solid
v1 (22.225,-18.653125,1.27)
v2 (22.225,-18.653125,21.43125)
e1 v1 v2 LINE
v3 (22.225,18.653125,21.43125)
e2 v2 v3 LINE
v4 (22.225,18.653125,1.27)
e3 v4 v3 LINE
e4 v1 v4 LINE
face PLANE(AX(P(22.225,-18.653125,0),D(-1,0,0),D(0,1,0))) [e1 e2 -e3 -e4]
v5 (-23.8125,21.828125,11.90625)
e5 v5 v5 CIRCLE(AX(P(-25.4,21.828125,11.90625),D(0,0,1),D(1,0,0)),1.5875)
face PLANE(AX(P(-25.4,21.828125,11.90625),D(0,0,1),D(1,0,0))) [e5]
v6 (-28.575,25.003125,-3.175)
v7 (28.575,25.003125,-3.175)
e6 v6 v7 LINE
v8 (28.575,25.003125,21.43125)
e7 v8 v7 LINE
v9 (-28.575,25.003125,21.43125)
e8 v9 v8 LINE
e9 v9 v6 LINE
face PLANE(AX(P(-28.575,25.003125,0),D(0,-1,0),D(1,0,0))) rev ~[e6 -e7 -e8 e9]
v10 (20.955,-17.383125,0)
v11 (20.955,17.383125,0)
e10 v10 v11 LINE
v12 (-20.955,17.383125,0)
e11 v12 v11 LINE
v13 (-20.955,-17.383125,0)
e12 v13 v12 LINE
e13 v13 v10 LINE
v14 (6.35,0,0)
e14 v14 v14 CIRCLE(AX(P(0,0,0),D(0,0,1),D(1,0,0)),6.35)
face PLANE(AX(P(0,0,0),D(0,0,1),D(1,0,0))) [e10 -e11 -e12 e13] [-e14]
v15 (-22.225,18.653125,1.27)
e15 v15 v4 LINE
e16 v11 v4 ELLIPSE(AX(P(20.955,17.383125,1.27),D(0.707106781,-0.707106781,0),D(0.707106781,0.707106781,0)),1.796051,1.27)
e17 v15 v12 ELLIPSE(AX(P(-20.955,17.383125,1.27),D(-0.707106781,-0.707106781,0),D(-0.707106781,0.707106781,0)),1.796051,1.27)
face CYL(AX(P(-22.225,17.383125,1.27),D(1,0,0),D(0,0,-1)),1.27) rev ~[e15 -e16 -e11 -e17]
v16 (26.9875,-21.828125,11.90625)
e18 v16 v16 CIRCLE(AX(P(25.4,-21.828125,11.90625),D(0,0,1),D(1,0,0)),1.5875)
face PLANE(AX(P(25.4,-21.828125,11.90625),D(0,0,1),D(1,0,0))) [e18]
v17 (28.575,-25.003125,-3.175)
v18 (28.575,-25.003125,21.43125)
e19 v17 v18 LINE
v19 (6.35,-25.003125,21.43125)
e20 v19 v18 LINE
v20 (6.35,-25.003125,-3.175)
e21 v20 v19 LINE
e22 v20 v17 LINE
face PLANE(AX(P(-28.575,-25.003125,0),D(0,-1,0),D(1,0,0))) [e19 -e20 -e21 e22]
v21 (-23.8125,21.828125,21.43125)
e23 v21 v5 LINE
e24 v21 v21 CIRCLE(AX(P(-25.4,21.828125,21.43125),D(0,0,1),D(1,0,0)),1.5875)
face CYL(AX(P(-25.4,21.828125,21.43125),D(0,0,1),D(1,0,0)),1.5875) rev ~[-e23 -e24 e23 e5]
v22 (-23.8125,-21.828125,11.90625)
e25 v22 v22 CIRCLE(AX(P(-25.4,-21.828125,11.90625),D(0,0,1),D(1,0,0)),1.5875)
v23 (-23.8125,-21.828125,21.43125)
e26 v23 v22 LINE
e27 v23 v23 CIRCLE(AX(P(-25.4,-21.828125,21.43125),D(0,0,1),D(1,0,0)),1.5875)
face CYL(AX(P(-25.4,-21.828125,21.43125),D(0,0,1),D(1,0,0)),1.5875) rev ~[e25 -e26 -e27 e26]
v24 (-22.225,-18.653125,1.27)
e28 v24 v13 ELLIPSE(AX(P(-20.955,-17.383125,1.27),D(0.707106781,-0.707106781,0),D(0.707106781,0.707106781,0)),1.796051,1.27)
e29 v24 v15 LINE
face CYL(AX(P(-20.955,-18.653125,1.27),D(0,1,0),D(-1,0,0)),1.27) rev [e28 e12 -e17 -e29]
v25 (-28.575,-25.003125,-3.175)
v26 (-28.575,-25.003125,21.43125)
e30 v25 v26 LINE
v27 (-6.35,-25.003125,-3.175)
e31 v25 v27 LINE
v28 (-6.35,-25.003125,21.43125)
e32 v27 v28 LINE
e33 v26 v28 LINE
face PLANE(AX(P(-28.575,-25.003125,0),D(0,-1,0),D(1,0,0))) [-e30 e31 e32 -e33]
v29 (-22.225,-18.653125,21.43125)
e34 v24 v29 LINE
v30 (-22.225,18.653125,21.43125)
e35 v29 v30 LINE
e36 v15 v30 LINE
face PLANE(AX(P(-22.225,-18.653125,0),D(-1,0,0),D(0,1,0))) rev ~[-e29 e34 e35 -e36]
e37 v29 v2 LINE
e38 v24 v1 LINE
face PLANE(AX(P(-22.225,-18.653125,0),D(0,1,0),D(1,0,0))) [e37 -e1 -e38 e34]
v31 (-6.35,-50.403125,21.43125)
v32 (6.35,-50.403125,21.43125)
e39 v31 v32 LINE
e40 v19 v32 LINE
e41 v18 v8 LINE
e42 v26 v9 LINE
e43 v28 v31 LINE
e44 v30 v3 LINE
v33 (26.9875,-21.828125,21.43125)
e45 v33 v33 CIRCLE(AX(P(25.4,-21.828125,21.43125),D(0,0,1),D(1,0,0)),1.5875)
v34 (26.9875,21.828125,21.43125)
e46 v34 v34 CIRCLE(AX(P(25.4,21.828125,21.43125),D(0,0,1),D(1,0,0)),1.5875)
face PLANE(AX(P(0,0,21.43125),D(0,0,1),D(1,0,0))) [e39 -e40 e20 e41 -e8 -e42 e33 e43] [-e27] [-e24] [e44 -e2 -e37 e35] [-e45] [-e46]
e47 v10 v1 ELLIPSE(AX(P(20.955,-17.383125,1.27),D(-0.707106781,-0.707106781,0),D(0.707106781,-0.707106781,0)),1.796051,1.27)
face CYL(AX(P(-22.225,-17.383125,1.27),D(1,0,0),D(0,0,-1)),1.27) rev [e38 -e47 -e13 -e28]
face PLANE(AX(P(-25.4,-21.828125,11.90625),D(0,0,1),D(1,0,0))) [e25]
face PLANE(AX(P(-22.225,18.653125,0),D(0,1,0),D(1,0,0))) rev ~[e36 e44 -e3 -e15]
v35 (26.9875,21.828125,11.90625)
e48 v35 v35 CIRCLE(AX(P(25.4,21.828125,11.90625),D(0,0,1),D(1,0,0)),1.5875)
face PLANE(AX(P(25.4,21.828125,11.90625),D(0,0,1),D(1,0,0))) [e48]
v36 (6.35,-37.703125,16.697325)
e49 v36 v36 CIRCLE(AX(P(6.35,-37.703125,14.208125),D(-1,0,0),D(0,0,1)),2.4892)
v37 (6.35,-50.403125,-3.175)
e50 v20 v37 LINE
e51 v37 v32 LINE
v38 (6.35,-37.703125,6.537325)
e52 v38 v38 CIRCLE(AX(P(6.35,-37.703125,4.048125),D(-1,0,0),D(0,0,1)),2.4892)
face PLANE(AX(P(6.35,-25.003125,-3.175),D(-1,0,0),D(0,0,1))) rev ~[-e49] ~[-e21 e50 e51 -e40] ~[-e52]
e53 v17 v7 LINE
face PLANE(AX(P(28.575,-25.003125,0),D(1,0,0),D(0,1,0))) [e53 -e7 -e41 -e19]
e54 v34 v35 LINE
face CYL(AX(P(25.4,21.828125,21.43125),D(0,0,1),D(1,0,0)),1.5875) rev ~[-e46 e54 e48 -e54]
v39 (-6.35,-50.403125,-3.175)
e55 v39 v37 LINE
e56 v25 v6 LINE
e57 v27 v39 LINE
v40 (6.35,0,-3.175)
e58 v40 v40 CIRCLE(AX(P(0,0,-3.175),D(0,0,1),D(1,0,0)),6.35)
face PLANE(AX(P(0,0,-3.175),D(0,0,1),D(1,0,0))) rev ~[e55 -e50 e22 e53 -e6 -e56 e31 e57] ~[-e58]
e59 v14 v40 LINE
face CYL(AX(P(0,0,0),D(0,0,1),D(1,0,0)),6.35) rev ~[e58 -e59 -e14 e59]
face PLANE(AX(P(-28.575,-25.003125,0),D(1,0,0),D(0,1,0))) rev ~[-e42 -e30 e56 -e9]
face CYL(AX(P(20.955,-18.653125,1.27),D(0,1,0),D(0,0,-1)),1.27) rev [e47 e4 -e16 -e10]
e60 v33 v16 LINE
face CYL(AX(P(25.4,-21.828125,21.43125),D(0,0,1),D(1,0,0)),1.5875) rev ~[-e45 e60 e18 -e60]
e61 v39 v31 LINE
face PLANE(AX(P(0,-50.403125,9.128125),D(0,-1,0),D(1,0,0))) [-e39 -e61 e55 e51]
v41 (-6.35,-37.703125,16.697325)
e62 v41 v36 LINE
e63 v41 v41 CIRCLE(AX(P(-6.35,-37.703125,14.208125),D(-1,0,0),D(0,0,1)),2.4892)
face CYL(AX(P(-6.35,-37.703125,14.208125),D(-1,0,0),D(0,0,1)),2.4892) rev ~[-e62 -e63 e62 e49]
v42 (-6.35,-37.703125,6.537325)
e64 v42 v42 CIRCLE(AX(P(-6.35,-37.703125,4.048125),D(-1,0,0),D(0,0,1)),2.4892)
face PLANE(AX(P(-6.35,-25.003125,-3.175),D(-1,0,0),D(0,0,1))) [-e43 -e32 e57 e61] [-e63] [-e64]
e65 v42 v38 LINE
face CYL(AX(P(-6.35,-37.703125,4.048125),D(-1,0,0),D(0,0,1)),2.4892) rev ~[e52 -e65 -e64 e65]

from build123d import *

# Parameters (mm, degrees)
SKETCH1_W           = 57.15
SKETCH1_H           = 50.00625
SKETCH1_W_2         = 44.45
SKETCH1_H_2         = 37.30625
BOSS_EXTRUDE1_DEPTH = 21.43125
SKETCH2_W           = 57.15
SKETCH2_H           = 50.00625
SKETCH2_R           = 6.35
BOSS_EXTRUDE2_DEPTH = 3.175
FILLET1_R           = 1.27
SKETCH6_R           = 1.5875
CUT_EXTRUDE2_DEPTH  = 9.525
SKETCH7_W           = 12.7
SKETCH7_H           = 24.60625
BOSS_EXTRUDE3_DEPTH = 25.4
CUT_EXTRUDE3_REACH  = 66.958
SKETCH8_R           = 2.4892


with BuildPart() as part:
    # Sketch1 → Boss-Extrude1 (new body)
    with BuildSketch(Plane.XY):
        Rectangle(SKETCH1_W, SKETCH1_H)
        Rectangle(SKETCH1_W_2, SKETCH1_H_2, mode=Mode.SUBTRACT)
    extrude(amount=BOSS_EXTRUDE1_DEPTH)

    # Sketch2 → Boss-Extrude2 (add)
    with BuildSketch(Plane.XY):
        Rectangle(SKETCH2_W, SKETCH2_H)
        Circle(SKETCH2_R, mode=Mode.SUBTRACT)
    extrude(amount=-BOSS_EXTRUDE2_DEPTH)

    # Fillet1
    fillet1_edges = [part.edges().sort_by_distance(p)[0] for p in [
        (-22.225, 0, 0),
        (0, -18.653125, 0),
        (22.225, 0, 0),
        (0, 18.653125, 0),
    ]]
    fillet(fillet1_edges, radius=FILLET1_R)

    # Sketch6 → Cut-Extrude2 (cut)
    with BuildSketch(Plane.XY.offset(21.43125)):
        with Locations((-25.4, 21.828125)):
            Circle(SKETCH6_R)
        with Locations((25.4, 21.828125)):
            Circle(SKETCH6_R)
        with Locations((25.4, -21.828125)):
            Circle(SKETCH6_R)
        with Locations((-25.4, -21.828125)):
            Circle(SKETCH6_R)
    extrude(amount=-CUT_EXTRUDE2_DEPTH, mode=Mode.SUBTRACT)

    # Sketch7 → Boss-Extrude3 (add)
    with BuildSketch(Plane.XZ.offset(25.003125)):
        with Locations((0, 9.128125)):
            Rectangle(SKETCH7_W, SKETCH7_H)
    extrude(amount=BOSS_EXTRUDE3_DEPTH)

    # Sketch8 → Cut-Extrude3 (cut, up to next)
    with BuildSketch(Plane.ZY.offset(6.35), mode=Mode.PRIVATE) as cut_extrude3_sk1:
        with Locations((4.048125, -37.703125)):
            Circle(SKETCH8_R)
    cut_extrude3_tool1 = extrude(cut_extrude3_sk1.sketch, amount=-CUT_EXTRUDE3_REACH, mode=Mode.PRIVATE) & part.part
    # Sketch8 → Cut-Extrude3 (cut, up to next)
    with BuildSketch(Plane.ZY.offset(6.35), mode=Mode.PRIVATE) as cut_extrude3_sk2:
        with Locations((14.208125, -37.703125)):
            Circle(SKETCH8_R)
    cut_extrude3_tool2 = extrude(cut_extrude3_sk2.sketch, amount=-CUT_EXTRUDE3_REACH, mode=Mode.PRIVATE) & part.part
    add(cut_extrude3_tool1.solids().sort_by_distance((-6.35, -37.703125, 4.048125))[0], mode=Mode.SUBTRACT)
    add(cut_extrude3_tool2.solids().sort_by_distance((-6.35, -37.703125, 14.208125))[0], mode=Mode.SUBTRACT)


solid = part.part
